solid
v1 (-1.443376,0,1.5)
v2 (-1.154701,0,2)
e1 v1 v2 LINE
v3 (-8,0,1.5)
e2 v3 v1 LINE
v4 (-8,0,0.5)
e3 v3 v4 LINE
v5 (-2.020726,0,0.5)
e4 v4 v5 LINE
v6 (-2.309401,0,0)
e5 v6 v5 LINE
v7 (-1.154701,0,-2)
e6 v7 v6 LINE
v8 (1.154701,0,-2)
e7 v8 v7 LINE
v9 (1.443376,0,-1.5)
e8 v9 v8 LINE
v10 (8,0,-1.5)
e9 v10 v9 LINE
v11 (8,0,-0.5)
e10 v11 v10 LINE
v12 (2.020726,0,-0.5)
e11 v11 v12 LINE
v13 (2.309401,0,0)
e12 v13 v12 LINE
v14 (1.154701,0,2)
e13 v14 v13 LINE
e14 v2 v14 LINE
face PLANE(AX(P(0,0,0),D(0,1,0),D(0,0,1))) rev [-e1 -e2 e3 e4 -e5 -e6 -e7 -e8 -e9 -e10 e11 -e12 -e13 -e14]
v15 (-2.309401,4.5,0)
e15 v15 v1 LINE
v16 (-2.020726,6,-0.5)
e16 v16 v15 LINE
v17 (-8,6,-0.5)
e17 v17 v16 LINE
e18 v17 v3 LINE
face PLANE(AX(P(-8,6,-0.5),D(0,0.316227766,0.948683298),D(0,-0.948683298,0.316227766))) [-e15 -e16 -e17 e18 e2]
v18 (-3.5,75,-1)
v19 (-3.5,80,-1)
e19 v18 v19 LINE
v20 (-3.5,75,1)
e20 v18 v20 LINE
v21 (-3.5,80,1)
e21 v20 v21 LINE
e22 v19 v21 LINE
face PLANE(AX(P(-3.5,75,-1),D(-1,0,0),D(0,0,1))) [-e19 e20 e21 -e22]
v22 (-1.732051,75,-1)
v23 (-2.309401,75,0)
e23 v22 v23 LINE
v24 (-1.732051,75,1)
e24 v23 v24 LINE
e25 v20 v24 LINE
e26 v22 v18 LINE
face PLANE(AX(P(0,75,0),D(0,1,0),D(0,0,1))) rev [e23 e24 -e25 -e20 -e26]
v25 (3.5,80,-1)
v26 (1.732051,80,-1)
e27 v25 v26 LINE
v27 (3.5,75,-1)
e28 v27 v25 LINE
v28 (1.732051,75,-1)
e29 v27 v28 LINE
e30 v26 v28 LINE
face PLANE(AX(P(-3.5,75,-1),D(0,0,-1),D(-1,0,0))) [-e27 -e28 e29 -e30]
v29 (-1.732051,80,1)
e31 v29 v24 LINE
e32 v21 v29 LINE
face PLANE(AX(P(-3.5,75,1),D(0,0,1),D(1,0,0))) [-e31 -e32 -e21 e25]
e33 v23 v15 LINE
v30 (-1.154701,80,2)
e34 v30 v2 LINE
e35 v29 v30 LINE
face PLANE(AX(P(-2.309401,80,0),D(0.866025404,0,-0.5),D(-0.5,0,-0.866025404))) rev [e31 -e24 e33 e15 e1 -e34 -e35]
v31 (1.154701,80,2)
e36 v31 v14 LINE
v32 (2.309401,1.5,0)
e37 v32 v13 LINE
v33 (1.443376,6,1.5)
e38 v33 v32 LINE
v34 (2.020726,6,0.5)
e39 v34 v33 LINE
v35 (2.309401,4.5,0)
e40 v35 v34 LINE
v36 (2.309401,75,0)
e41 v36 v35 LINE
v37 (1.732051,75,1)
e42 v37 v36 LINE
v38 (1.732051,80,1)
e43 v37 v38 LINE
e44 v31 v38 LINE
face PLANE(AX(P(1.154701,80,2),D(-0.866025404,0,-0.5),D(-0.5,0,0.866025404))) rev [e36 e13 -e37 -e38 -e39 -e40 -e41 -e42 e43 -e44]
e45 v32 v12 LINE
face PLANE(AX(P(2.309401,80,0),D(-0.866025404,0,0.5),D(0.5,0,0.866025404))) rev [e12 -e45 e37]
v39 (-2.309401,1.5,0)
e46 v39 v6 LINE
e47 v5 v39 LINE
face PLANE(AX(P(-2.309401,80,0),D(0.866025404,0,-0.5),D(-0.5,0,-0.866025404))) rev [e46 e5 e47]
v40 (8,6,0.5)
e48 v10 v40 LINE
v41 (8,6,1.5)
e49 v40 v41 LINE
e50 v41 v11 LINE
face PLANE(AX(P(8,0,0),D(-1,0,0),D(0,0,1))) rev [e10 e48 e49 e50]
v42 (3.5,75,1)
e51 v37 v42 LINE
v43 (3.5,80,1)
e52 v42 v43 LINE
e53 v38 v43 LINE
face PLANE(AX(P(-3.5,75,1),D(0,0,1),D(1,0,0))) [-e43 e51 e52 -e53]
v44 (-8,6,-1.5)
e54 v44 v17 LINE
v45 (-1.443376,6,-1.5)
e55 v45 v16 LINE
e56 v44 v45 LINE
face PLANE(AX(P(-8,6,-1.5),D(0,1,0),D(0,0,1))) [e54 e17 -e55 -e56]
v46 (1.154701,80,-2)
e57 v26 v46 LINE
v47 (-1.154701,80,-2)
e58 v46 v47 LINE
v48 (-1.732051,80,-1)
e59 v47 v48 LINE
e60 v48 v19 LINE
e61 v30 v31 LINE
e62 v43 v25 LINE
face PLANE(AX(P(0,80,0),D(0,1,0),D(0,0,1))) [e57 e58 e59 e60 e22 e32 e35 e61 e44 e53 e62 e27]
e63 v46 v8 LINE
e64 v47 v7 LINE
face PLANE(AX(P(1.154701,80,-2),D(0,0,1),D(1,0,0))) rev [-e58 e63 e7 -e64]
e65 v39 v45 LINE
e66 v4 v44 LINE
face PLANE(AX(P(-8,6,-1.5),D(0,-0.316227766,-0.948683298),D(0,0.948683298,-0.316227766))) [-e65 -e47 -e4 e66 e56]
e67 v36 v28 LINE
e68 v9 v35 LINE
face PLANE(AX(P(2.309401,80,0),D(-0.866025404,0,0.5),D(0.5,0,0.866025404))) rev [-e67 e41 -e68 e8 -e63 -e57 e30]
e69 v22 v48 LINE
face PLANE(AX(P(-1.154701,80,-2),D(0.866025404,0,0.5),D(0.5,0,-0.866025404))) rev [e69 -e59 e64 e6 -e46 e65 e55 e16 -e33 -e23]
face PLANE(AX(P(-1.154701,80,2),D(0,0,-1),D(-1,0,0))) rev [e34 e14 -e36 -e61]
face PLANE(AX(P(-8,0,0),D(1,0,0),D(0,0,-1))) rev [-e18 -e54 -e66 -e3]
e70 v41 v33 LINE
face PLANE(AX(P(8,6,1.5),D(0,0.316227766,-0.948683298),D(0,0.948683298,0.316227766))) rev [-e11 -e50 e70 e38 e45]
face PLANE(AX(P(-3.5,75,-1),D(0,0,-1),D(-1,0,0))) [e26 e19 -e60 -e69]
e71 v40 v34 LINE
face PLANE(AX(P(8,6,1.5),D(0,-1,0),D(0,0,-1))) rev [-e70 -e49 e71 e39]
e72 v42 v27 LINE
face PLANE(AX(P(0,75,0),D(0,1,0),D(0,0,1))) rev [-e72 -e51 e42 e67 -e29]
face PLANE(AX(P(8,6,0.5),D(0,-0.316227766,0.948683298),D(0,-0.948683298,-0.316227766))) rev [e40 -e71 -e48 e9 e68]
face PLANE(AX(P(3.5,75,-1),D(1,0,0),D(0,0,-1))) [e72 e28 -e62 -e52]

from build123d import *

# Parameters (mm, degrees)
BOSS_EXTRUDE1_DEPTH = 80
SKETCH2_W           = 7
SKETCH2_H           = 2
BOSS_EXTRUDE2_DEPTH = 5
BOSS_EXTRUDE3_DEPTH = 8
BOSS_EXTRUDE4_DEPTH = 8


with BuildPart() as part:
    # Sketch1 → Boss-Extrude1 (new body)
    with BuildSketch(Plane(origin=(0, 0, 0), x_dir=(1, 0, 0), z_dir=(0, 1, 0))):
        Polygon((-1.154700538, 2), (-2.309401077, 0), (-1.154700538, -2), (1.154700538, -2), (2.309401077, 0), (1.154700538, 2), align=None)
    extrude(amount=BOSS_EXTRUDE1_DEPTH)

    # Sketch2 → Boss-Extrude2 (add)
    with BuildSketch(Plane(origin=(0, 80, 0), x_dir=(1, 0, 0), z_dir=(0, 1, 0))):
        Rectangle(SKETCH2_W, SKETCH2_H)
    extrude(amount=-BOSS_EXTRUDE2_DEPTH)

    # Sketch3 → Boss-Extrude3 (add)
    with BuildSketch(Plane(origin=(0, 0, 0), x_dir=(0, 0, -1), z_dir=(1, 0, 0))):
        Polygon((-1.5, 6), (-0.5, 6), (1.5, 0), (0.5, 0), align=None)
    extrude(amount=BOSS_EXTRUDE3_DEPTH)

    # Sketch4 → Boss-Extrude4 (add)
    with BuildSketch(Plane(origin=(0, 0, 0), x_dir=(0, 0, -1), z_dir=(1, 0, 0))):
        Polygon((1.5, 6), (0.5, 6), (-1.5, 0), (-0.5, 0), align=None)
    extrude(amount=-BOSS_EXTRUDE4_DEPTH)


solid = part.part
